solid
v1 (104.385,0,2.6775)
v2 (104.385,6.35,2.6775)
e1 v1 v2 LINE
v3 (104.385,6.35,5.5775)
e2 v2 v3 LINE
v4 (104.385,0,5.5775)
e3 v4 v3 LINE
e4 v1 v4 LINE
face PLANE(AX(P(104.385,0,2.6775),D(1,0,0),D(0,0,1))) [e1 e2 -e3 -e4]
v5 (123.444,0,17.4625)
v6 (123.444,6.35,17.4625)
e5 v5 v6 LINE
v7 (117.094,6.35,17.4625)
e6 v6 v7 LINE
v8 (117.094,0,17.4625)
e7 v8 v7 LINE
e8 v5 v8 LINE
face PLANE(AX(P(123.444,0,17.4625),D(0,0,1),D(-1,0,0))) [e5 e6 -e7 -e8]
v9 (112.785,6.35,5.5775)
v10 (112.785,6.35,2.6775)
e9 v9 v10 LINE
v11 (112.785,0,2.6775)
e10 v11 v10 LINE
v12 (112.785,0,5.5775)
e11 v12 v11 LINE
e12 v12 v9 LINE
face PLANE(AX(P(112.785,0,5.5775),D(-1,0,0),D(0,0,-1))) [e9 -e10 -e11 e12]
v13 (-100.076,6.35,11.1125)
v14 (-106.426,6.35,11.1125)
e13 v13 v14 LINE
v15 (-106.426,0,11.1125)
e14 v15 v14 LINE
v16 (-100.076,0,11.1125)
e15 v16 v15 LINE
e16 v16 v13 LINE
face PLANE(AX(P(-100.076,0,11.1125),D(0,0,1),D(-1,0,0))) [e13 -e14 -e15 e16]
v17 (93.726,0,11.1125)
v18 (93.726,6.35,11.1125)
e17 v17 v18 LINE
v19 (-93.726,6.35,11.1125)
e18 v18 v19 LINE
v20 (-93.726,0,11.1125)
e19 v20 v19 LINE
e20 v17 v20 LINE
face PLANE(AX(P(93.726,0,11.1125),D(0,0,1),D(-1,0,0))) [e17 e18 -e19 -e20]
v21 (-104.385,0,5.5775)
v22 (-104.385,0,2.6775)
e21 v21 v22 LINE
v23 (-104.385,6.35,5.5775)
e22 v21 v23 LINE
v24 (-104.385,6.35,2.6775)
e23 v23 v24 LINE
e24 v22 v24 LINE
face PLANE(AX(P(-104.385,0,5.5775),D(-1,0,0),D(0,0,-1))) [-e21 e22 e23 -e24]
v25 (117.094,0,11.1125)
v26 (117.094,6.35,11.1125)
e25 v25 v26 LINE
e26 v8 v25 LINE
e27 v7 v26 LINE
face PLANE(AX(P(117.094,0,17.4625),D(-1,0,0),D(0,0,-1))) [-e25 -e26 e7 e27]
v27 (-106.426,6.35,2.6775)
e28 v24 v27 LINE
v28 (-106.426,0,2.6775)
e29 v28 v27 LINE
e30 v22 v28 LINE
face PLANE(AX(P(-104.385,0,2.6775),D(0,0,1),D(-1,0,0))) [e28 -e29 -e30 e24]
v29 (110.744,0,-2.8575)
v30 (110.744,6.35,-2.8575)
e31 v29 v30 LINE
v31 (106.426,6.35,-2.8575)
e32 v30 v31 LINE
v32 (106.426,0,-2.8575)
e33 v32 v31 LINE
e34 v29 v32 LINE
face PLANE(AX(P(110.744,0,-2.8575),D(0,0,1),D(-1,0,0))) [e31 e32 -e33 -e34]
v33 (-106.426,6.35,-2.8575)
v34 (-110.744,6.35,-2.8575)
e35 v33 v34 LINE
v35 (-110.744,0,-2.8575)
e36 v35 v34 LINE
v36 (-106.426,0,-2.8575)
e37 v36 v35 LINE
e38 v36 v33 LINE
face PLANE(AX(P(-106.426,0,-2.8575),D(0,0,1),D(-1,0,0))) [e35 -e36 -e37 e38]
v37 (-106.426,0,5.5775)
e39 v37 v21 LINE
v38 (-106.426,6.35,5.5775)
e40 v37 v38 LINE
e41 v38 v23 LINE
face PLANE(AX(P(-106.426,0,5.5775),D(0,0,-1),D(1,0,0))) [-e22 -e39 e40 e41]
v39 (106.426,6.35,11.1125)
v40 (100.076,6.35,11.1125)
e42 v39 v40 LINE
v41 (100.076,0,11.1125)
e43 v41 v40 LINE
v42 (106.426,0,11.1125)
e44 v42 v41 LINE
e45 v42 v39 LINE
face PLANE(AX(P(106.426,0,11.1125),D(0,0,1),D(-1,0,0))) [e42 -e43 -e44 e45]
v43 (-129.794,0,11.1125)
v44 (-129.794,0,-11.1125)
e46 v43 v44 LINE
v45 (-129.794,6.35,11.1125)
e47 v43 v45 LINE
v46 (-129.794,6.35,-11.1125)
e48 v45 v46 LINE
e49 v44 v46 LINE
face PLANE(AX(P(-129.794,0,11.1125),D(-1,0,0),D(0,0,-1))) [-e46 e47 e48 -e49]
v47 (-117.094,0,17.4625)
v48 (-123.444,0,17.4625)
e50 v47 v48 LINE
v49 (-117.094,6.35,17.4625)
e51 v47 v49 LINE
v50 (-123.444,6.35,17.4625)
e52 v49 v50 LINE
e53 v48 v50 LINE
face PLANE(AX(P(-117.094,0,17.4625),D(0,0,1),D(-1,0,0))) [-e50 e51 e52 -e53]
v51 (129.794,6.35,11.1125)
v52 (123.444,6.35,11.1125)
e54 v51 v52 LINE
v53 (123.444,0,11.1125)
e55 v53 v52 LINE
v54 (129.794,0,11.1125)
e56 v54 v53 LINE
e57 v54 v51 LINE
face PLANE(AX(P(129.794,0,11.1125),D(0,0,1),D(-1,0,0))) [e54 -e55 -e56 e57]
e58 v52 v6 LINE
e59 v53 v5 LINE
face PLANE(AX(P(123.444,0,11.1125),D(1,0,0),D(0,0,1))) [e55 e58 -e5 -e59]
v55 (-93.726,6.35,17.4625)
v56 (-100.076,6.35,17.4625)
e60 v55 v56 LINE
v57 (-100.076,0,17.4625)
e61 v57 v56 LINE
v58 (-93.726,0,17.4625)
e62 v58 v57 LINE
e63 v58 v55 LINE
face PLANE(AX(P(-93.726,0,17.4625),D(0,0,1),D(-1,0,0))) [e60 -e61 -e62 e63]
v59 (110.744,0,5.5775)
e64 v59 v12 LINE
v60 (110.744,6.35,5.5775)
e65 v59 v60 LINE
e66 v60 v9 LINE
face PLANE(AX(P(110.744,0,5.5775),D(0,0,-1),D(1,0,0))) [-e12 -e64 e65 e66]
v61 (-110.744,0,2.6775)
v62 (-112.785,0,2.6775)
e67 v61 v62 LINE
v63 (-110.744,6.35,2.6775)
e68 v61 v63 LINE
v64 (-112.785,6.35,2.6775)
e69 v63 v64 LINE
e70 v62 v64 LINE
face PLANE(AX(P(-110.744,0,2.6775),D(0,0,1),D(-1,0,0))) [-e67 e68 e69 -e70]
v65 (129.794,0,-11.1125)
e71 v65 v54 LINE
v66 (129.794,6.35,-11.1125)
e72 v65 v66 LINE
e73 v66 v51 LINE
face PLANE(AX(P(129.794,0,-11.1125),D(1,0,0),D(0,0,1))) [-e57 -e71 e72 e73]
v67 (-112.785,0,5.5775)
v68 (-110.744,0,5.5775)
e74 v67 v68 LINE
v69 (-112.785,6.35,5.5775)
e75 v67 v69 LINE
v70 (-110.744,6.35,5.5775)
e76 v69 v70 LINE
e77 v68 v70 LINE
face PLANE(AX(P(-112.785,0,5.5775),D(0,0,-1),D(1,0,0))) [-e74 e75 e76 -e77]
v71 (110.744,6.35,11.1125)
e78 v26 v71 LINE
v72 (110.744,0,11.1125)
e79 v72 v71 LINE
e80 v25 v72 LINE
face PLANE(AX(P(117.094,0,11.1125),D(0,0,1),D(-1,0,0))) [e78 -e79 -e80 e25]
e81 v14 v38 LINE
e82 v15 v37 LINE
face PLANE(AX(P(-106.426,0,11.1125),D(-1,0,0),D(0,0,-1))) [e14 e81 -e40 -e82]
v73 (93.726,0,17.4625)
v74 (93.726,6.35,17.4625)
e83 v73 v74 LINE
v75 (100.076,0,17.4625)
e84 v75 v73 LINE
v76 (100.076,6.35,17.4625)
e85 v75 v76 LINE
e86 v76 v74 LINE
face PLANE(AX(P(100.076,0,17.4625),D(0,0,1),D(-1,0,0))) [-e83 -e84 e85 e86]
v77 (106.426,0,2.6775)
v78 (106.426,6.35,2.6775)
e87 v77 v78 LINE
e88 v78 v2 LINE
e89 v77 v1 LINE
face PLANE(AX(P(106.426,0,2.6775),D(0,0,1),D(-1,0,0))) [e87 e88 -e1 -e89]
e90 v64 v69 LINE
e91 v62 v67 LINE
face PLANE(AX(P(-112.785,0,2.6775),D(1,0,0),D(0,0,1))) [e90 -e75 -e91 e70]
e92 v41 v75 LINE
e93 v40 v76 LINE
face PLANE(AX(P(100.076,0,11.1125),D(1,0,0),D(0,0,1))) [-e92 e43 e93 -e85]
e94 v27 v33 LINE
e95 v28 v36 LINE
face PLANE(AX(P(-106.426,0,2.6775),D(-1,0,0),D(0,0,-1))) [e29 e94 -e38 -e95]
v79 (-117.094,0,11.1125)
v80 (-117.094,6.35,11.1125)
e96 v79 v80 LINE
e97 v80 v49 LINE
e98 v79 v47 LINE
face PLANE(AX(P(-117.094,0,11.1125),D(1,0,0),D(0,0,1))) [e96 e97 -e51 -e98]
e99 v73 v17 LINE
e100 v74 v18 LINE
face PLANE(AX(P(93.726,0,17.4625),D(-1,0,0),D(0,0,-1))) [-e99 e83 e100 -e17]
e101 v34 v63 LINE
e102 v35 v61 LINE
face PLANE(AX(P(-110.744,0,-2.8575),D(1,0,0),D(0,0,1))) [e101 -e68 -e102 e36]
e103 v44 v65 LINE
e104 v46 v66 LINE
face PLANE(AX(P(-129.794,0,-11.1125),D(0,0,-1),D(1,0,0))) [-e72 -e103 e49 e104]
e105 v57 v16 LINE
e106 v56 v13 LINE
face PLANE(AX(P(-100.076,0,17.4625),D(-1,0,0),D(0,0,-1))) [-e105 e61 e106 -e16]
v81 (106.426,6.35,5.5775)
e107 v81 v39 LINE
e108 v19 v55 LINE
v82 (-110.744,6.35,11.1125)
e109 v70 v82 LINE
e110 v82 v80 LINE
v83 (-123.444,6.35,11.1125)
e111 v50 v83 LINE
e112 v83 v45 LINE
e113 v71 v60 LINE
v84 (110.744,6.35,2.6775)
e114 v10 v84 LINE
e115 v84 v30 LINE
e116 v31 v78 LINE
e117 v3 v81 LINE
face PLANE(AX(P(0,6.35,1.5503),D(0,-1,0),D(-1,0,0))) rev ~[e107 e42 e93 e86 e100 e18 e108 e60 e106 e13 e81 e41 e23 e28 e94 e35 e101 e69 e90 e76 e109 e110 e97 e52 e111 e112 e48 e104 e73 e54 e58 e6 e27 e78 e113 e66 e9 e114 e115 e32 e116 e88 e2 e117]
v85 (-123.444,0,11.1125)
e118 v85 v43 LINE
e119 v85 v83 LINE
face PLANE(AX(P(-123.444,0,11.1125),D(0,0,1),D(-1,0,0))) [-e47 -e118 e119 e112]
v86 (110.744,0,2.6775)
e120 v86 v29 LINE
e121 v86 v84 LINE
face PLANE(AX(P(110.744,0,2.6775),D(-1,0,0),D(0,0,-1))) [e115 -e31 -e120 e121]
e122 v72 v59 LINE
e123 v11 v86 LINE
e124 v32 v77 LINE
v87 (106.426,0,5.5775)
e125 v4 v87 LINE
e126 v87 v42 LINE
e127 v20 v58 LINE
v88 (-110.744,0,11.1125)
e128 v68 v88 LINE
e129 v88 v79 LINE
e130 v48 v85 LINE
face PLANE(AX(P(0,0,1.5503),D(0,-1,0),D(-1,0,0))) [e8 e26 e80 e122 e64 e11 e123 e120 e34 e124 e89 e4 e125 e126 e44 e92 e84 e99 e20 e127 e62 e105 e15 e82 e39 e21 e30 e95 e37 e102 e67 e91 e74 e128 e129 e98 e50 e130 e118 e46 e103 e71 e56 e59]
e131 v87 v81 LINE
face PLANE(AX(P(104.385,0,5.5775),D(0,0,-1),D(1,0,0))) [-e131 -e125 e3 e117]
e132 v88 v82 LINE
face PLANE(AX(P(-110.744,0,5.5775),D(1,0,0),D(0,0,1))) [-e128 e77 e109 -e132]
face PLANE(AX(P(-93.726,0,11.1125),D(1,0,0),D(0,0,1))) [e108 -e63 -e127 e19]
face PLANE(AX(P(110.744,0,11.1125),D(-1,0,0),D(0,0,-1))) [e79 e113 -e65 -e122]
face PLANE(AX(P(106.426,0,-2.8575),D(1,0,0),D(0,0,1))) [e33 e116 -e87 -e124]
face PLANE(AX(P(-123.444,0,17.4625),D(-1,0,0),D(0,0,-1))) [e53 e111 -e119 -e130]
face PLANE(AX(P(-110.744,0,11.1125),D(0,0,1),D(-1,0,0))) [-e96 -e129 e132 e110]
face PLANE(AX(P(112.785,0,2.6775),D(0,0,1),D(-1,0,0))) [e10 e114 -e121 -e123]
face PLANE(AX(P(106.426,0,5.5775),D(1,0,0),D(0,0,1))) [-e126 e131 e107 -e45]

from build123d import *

# Parameters (mm, degrees)
BOSS_EXTRUDE1_DEPTH = 6.35


with BuildPart() as part:
    # Sketch1 → Boss-Extrude1 (new body)
    with BuildSketch(Plane(origin=(0, 0, 0), x_dir=(1, 0, 0), z_dir=(0, 1, 0))):
        Polygon((100.076, -11.1125), (100.076, -17.4625), (93.726, -17.4625), (93.726, -11.1125), (-93.726, -11.1125), (-93.726, -17.4625), (-100.076, -17.4625), (-100.076, -11.1125), (-106.426, -11.1125), (-106.426, -5.577500021), (-104.385000018, -5.577500021), (-104.385000018, -2.677499979), (-106.426, -2.677499979), (-106.426, 2.8575), (-110.744, 2.8575), (-110.744, -2.677499979), (-112.784999982, -2.677499979), (-112.784999982, -5.577500021), (-110.744, -5.577500021), (-110.744, -11.1125), (-117.094, -11.1125), (-117.094, -17.4625), (-123.444, -17.4625), (-123.444, -11.1125), (-129.794, -11.1125), (-129.794, 11.1125), (129.794, 11.1125), (129.794, -11.1125), (123.444, -11.1125), (123.444, -17.4625), (117.094, -17.4625), (117.094, -11.1125), (110.744, -11.1125), (110.744, -5.577500021), (112.784999982, -5.577500021), (112.784999982, -2.677499979), (110.744, -2.677499979), (110.744, 2.8575), (106.426, 2.8575), (106.426, -2.677499979), (104.385000018, -2.677499979), (104.385000018, -5.577500021), (106.426, -5.577500021), (106.426, -11.1125), align=None)
    extrude(amount=BOSS_EXTRUDE1_DEPTH)


solid = part.part
